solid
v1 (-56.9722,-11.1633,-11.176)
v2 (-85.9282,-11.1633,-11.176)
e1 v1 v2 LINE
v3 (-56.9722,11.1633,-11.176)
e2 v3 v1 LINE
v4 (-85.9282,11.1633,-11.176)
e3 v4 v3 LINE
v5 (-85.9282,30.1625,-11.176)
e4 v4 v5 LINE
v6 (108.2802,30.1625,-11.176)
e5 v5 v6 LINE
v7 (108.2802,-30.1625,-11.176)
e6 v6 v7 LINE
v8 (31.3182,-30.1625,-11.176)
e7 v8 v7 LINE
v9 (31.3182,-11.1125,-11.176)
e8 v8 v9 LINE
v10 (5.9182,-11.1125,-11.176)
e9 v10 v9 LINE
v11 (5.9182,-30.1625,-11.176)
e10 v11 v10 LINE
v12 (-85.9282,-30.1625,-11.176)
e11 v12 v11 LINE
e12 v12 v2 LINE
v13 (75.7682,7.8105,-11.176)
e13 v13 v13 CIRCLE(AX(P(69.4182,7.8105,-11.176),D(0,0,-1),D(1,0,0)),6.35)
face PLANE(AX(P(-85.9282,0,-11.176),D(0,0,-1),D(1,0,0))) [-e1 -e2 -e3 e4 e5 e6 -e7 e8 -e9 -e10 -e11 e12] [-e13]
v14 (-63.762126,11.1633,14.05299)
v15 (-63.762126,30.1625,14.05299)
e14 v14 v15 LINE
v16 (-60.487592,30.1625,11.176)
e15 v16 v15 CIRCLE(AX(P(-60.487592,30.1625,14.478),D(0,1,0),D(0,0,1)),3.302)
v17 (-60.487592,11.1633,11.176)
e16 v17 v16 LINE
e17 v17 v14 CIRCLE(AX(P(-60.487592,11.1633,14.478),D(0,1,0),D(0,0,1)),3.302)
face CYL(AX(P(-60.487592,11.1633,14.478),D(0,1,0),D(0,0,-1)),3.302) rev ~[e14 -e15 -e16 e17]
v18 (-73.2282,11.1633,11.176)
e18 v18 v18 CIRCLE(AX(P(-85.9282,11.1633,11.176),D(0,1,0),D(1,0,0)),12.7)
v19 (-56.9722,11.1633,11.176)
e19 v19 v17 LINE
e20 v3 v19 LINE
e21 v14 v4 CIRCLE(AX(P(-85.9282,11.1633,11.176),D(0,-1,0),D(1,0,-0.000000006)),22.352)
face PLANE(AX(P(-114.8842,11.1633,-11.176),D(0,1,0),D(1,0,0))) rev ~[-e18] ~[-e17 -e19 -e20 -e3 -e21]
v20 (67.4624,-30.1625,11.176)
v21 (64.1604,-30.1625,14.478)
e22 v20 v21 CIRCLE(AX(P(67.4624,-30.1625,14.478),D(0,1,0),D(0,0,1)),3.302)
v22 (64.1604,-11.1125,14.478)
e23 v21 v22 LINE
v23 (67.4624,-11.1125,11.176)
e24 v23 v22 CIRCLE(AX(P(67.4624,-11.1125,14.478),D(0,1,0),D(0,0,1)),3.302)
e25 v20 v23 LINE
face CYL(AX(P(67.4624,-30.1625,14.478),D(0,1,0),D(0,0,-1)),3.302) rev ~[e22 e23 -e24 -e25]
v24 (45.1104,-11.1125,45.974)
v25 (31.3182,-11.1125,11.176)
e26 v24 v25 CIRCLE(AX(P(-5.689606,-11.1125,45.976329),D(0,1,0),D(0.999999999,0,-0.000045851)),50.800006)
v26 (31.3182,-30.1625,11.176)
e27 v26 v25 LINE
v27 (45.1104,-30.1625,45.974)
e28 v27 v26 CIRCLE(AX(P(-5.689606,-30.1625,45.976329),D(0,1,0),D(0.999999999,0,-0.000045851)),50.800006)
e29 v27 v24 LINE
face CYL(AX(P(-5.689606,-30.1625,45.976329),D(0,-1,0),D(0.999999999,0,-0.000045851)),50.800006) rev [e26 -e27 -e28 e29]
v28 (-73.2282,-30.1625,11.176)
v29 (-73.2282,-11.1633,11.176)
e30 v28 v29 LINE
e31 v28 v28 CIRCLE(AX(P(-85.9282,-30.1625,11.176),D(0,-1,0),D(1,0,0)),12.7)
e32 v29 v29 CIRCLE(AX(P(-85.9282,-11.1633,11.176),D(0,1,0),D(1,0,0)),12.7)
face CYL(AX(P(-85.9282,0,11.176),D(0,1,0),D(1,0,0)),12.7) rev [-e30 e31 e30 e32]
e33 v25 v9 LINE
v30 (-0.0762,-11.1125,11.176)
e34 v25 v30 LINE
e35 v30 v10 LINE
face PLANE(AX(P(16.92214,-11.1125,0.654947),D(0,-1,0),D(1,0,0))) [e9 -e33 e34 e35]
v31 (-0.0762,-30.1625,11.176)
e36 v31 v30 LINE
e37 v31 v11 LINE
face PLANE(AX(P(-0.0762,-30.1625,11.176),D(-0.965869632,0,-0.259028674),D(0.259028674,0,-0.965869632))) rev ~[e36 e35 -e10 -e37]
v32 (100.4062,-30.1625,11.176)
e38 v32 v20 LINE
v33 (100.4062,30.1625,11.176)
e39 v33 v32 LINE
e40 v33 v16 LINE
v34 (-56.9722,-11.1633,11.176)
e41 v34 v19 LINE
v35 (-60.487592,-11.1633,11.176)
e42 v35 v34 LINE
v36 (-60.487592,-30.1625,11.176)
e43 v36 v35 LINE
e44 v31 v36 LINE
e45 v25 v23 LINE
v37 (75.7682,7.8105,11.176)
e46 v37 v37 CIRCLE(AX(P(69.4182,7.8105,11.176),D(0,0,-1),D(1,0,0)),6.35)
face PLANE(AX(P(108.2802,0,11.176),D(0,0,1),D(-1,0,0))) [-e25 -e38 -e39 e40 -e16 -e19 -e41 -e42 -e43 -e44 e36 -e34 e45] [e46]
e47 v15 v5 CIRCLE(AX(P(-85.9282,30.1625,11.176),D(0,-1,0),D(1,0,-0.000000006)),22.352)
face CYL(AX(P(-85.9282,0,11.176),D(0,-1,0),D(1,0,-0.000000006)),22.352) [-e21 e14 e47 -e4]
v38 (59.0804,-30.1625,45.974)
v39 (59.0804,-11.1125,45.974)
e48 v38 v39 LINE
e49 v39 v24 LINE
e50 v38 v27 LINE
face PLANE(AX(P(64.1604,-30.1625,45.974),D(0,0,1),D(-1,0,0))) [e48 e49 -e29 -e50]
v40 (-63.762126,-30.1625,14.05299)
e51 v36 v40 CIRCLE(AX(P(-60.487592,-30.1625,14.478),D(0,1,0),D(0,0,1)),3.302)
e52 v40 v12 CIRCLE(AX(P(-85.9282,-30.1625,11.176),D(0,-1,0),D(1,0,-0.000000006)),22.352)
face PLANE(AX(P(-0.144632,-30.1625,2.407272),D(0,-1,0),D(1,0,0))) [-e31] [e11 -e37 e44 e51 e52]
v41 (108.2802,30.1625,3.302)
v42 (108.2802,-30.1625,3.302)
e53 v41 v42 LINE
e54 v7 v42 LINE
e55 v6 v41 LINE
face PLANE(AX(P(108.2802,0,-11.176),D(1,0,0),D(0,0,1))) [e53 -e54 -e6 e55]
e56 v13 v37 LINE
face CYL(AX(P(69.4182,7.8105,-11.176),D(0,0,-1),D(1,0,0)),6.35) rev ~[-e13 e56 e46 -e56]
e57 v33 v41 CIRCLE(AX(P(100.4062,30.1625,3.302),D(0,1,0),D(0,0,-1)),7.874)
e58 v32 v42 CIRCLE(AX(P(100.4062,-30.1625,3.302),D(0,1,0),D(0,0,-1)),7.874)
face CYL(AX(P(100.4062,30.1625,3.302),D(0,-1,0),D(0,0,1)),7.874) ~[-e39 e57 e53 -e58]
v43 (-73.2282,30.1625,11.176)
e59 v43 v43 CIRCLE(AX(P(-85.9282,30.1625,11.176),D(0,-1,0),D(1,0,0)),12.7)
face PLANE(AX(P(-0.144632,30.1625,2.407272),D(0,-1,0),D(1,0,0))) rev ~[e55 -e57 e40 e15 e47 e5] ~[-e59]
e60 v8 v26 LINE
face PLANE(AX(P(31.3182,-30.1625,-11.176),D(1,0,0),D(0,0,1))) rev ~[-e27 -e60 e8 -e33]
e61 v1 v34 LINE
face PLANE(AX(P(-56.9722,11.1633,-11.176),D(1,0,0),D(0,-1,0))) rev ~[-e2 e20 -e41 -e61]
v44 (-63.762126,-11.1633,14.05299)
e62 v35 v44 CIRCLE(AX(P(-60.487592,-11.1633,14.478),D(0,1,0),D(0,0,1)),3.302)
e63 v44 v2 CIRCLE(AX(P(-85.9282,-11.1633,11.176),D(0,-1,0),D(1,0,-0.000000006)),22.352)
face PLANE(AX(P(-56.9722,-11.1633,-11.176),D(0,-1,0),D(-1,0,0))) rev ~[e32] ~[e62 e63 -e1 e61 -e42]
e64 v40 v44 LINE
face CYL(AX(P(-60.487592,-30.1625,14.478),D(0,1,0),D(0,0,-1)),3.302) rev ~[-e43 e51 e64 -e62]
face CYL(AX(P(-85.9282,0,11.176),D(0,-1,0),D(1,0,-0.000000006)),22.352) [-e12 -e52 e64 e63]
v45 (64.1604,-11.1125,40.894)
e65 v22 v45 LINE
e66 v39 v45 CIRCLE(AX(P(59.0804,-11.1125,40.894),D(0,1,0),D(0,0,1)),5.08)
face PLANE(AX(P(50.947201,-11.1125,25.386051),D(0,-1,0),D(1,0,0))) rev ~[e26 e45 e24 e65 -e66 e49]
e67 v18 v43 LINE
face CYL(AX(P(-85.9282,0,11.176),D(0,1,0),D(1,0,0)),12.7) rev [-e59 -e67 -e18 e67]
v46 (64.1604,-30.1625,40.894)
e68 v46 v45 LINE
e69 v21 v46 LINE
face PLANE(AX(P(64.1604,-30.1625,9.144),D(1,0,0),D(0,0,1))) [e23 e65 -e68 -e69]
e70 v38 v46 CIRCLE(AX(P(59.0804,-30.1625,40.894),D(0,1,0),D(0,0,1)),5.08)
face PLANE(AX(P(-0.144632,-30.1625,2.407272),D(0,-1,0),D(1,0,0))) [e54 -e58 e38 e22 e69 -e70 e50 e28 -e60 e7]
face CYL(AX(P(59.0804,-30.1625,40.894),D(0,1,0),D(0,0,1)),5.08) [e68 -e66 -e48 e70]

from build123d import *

# Parameters (mm, degrees)
F0_R     = 12.7
F1_DEPTH = 30.1625
F2_W     = 28.956
F2_H     = 22.3266
F2_R     = 6.35
F3_DEPTH = 44.705
F5_DEPTH = 19.05
F7_DEPTH = 19.05
F8_R     = 3.302
F9_R     = 7.874
F10_R    = 3.302
F11_R    = 5.08


with BuildPart() as f1:
    # F0 (on Front) → F1 (new body, symmetric)
    with BuildSketch(Plane.XZ):
        with BuildLine():
            Line((-85.9282, -11.176), (108.2802, -11.176))
            Line((108.2802, -11.176), (108.2802, 11.176))
            Line((108.2802, 11.176), (-63.5762, 11.176))
            ThreePointArc((-63.5762, 11.176), (-101.733451, 26.981251), (-85.9282, -11.176))
        make_face()
        with Locations((-85.9282, 11.176)):
            Circle(F0_R, mode=Mode.SUBTRACT)
    extrude(amount=F1_DEPTH, both=True)

    # F2 (on face) → F3 (cut, through all)
    with BuildSketch(Plane(origin=(0, 0, -11.176), x_dir=(1, 0, 0), z_dir=(0, 0, -1))):
        with Locations((-100.4062, 0)):
            Rectangle(F2_W, F2_H)
        with Locations((69.4182, -7.8105)):
            Circle(F2_R)
        with Locations((-71.4502, 0)):
            Rectangle(F2_W, F2_H)
    extrude(amount=-F3_DEPTH, mode=Mode.SUBTRACT)

    # F4 (on face) → F5 (cut)
    with BuildSketch(Plane.XZ.offset(30.1625)):
        Polygon((31.3182, -11.176), (31.3182, 11.176), (-0.0762, 11.176), (5.9182, -11.176), align=None)
    extrude(amount=-F5_DEPTH, mode=Mode.SUBTRACT)

    # F6 (on face) → F7 (join)
    with BuildSketch(Plane.XZ.offset(30.1625)):
        with BuildLine():
            Line((31.3182, 9.144), (45.1104, 9.144))
            Line((45.1104, 9.144), (64.1604, 9.144))
            Line((64.1604, 9.144), (64.1604, 45.974))
            Line((64.1604, 45.974), (45.1104, 45.974))
            ThreePointArc((45.1104, 45.974), (41.536215, 27.258358), (31.3182, 11.176))
            Line((31.3182, 11.176), (31.3182, 9.144))
        make_face()
    extrude(amount=-F7_DEPTH)

    # F8
    f8_edges = [f1.edges().sort_by_distance(p)[0] for p in [
        (-63.5762, -20.6629, 11.176),
        (-63.5762, 20.6629, 11.176),
    ]]
    fillet(f8_edges, radius=F8_R)

    # F9
    f9_edges = [f1.edges().sort_by_distance(p)[0] for p in [
        (108.2802, 0, 11.176),
    ]]
    fillet(f9_edges, radius=F9_R)

    # F10
    f10_edges = [f1.edges().sort_by_distance(p)[0] for p in [
        (64.1604, -20.6375, 11.176),
    ]]
    fillet(f10_edges, radius=F10_R)

    # F11
    f11_edges = [f1.edges().sort_by_distance(p)[0] for p in [
        (64.1604, -20.6375, 45.974),
    ]]
    fillet(f11_edges, radius=F11_R)


solid = f1.part
